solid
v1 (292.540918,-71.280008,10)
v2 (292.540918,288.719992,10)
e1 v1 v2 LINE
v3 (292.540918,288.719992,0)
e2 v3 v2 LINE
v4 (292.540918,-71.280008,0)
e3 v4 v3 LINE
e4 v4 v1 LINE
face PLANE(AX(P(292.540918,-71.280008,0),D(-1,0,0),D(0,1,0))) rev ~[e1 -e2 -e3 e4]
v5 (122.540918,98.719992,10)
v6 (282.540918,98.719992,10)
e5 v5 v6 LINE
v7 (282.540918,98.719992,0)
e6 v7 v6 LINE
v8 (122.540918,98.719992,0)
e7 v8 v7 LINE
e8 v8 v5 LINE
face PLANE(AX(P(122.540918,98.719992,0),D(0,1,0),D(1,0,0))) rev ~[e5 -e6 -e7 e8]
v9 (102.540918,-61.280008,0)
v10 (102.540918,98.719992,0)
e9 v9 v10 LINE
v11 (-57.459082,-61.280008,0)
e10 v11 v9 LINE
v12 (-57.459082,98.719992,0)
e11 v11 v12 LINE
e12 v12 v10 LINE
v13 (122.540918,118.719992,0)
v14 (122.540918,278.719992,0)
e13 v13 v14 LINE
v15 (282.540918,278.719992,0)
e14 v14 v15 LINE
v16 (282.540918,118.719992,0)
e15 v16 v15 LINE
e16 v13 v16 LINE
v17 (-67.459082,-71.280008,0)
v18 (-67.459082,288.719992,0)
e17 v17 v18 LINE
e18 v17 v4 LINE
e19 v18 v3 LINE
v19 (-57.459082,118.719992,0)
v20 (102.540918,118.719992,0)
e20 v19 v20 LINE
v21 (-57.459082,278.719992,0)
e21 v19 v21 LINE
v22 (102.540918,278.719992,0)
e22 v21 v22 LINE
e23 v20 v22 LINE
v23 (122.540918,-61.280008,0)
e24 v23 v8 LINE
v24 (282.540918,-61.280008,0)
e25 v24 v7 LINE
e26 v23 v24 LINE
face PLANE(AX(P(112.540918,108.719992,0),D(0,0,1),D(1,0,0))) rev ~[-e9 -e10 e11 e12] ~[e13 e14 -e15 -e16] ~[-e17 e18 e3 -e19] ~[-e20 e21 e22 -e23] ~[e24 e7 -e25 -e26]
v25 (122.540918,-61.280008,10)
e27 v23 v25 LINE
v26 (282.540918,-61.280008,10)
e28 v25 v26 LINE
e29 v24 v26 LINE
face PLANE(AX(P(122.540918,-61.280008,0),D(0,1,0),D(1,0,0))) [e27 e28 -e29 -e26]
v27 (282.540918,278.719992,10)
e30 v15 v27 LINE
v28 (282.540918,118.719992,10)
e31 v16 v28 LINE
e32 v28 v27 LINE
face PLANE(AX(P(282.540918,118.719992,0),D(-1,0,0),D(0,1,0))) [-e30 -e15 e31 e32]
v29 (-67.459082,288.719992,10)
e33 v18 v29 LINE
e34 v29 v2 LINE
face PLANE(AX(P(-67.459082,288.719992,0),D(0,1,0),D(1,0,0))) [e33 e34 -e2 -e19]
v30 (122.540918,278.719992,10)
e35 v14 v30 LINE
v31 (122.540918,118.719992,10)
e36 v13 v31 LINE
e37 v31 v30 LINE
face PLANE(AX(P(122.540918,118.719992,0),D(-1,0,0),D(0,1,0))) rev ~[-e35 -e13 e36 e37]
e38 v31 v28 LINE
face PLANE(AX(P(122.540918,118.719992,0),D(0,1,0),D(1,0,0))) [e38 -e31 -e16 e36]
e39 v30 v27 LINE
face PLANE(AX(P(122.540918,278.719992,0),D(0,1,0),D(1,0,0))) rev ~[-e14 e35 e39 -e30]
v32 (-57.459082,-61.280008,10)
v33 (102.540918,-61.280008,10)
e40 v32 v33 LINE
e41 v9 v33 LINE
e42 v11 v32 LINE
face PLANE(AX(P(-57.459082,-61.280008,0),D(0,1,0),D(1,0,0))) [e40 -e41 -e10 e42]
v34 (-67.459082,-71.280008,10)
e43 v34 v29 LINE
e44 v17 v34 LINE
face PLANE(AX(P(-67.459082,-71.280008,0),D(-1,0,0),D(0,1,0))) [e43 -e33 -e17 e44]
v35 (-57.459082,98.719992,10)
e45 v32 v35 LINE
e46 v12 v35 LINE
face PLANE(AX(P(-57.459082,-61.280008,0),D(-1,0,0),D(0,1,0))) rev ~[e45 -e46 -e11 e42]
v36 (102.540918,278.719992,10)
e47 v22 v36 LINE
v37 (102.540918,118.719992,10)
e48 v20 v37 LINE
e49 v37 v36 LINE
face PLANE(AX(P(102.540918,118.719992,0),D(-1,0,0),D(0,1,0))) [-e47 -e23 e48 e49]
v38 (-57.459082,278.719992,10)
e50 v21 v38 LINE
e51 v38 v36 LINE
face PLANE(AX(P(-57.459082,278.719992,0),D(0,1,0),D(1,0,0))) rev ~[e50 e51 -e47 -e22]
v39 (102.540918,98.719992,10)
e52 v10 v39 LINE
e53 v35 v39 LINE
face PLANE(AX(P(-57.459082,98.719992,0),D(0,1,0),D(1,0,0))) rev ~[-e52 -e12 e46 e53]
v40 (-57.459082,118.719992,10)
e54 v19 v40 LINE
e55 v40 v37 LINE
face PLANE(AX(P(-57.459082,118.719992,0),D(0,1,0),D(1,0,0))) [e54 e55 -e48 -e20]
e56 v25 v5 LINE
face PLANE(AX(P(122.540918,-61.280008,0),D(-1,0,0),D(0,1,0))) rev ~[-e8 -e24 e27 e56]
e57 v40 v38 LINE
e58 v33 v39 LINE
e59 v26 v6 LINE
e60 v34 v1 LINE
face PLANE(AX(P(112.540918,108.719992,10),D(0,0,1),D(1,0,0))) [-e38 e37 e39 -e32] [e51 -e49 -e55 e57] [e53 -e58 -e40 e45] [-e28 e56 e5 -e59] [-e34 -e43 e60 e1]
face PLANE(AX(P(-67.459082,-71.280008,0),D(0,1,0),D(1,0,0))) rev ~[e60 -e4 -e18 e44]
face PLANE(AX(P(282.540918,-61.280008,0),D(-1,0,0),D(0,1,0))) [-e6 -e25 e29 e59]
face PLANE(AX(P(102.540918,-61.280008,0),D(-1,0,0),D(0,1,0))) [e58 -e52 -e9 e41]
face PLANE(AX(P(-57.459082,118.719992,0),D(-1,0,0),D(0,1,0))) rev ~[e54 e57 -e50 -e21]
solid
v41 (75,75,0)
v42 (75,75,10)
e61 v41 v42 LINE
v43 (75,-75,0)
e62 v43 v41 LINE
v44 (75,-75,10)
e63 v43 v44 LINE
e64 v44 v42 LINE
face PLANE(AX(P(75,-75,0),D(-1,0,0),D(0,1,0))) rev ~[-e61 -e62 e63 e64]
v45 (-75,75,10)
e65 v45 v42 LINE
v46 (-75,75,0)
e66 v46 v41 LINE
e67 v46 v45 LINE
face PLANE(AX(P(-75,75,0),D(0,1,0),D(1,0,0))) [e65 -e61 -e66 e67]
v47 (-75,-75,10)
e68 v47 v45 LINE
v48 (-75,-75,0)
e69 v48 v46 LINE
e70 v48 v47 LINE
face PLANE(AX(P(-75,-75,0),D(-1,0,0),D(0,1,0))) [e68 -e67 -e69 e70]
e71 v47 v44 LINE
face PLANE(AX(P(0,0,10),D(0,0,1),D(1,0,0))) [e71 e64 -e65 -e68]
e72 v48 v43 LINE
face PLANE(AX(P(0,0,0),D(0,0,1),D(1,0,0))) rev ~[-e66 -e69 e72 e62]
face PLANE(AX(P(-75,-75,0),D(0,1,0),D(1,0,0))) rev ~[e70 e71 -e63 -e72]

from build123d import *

# Parameters (mm, degrees)
F0_W     = 150
F0_H     = 150
F1_DEPTH = 10
F2_W     = 360
F2_H     = 360
F2_W_2   = 160
F2_H_2   = 160
F3_DEPTH = 10


with BuildPart() as f1:
    # F0 (on Top) → F1 (new body)
    with BuildSketch(Plane.XY):
        Rectangle(F0_W, F0_H)
    extrude(amount=F1_DEPTH)


with BuildPart() as f3:
    # F2 (on Top) → F3 (new body)
    with BuildSketch(Plane.XY):
        with Locations((112.540918, 108.719992)):
            Rectangle(F2_W, F2_H)
        with Locations((22.540918, 18.719992)):
            Rectangle(F2_W_2, F2_H_2, mode=Mode.SUBTRACT)
        with Locations((202.540918, 18.719992)):
            Rectangle(F2_W_2, F2_H_2, mode=Mode.SUBTRACT)
        with Locations((22.540918, 198.719992)):
            Rectangle(F2_W_2, F2_H_2, mode=Mode.SUBTRACT)
        with Locations((202.540918, 198.719992)):
            Rectangle(F2_W_2, F2_H_2, mode=Mode.SUBTRACT)
    extrude(amount=F3_DEPTH)


solid = Compound([f1.part, f3.part])
